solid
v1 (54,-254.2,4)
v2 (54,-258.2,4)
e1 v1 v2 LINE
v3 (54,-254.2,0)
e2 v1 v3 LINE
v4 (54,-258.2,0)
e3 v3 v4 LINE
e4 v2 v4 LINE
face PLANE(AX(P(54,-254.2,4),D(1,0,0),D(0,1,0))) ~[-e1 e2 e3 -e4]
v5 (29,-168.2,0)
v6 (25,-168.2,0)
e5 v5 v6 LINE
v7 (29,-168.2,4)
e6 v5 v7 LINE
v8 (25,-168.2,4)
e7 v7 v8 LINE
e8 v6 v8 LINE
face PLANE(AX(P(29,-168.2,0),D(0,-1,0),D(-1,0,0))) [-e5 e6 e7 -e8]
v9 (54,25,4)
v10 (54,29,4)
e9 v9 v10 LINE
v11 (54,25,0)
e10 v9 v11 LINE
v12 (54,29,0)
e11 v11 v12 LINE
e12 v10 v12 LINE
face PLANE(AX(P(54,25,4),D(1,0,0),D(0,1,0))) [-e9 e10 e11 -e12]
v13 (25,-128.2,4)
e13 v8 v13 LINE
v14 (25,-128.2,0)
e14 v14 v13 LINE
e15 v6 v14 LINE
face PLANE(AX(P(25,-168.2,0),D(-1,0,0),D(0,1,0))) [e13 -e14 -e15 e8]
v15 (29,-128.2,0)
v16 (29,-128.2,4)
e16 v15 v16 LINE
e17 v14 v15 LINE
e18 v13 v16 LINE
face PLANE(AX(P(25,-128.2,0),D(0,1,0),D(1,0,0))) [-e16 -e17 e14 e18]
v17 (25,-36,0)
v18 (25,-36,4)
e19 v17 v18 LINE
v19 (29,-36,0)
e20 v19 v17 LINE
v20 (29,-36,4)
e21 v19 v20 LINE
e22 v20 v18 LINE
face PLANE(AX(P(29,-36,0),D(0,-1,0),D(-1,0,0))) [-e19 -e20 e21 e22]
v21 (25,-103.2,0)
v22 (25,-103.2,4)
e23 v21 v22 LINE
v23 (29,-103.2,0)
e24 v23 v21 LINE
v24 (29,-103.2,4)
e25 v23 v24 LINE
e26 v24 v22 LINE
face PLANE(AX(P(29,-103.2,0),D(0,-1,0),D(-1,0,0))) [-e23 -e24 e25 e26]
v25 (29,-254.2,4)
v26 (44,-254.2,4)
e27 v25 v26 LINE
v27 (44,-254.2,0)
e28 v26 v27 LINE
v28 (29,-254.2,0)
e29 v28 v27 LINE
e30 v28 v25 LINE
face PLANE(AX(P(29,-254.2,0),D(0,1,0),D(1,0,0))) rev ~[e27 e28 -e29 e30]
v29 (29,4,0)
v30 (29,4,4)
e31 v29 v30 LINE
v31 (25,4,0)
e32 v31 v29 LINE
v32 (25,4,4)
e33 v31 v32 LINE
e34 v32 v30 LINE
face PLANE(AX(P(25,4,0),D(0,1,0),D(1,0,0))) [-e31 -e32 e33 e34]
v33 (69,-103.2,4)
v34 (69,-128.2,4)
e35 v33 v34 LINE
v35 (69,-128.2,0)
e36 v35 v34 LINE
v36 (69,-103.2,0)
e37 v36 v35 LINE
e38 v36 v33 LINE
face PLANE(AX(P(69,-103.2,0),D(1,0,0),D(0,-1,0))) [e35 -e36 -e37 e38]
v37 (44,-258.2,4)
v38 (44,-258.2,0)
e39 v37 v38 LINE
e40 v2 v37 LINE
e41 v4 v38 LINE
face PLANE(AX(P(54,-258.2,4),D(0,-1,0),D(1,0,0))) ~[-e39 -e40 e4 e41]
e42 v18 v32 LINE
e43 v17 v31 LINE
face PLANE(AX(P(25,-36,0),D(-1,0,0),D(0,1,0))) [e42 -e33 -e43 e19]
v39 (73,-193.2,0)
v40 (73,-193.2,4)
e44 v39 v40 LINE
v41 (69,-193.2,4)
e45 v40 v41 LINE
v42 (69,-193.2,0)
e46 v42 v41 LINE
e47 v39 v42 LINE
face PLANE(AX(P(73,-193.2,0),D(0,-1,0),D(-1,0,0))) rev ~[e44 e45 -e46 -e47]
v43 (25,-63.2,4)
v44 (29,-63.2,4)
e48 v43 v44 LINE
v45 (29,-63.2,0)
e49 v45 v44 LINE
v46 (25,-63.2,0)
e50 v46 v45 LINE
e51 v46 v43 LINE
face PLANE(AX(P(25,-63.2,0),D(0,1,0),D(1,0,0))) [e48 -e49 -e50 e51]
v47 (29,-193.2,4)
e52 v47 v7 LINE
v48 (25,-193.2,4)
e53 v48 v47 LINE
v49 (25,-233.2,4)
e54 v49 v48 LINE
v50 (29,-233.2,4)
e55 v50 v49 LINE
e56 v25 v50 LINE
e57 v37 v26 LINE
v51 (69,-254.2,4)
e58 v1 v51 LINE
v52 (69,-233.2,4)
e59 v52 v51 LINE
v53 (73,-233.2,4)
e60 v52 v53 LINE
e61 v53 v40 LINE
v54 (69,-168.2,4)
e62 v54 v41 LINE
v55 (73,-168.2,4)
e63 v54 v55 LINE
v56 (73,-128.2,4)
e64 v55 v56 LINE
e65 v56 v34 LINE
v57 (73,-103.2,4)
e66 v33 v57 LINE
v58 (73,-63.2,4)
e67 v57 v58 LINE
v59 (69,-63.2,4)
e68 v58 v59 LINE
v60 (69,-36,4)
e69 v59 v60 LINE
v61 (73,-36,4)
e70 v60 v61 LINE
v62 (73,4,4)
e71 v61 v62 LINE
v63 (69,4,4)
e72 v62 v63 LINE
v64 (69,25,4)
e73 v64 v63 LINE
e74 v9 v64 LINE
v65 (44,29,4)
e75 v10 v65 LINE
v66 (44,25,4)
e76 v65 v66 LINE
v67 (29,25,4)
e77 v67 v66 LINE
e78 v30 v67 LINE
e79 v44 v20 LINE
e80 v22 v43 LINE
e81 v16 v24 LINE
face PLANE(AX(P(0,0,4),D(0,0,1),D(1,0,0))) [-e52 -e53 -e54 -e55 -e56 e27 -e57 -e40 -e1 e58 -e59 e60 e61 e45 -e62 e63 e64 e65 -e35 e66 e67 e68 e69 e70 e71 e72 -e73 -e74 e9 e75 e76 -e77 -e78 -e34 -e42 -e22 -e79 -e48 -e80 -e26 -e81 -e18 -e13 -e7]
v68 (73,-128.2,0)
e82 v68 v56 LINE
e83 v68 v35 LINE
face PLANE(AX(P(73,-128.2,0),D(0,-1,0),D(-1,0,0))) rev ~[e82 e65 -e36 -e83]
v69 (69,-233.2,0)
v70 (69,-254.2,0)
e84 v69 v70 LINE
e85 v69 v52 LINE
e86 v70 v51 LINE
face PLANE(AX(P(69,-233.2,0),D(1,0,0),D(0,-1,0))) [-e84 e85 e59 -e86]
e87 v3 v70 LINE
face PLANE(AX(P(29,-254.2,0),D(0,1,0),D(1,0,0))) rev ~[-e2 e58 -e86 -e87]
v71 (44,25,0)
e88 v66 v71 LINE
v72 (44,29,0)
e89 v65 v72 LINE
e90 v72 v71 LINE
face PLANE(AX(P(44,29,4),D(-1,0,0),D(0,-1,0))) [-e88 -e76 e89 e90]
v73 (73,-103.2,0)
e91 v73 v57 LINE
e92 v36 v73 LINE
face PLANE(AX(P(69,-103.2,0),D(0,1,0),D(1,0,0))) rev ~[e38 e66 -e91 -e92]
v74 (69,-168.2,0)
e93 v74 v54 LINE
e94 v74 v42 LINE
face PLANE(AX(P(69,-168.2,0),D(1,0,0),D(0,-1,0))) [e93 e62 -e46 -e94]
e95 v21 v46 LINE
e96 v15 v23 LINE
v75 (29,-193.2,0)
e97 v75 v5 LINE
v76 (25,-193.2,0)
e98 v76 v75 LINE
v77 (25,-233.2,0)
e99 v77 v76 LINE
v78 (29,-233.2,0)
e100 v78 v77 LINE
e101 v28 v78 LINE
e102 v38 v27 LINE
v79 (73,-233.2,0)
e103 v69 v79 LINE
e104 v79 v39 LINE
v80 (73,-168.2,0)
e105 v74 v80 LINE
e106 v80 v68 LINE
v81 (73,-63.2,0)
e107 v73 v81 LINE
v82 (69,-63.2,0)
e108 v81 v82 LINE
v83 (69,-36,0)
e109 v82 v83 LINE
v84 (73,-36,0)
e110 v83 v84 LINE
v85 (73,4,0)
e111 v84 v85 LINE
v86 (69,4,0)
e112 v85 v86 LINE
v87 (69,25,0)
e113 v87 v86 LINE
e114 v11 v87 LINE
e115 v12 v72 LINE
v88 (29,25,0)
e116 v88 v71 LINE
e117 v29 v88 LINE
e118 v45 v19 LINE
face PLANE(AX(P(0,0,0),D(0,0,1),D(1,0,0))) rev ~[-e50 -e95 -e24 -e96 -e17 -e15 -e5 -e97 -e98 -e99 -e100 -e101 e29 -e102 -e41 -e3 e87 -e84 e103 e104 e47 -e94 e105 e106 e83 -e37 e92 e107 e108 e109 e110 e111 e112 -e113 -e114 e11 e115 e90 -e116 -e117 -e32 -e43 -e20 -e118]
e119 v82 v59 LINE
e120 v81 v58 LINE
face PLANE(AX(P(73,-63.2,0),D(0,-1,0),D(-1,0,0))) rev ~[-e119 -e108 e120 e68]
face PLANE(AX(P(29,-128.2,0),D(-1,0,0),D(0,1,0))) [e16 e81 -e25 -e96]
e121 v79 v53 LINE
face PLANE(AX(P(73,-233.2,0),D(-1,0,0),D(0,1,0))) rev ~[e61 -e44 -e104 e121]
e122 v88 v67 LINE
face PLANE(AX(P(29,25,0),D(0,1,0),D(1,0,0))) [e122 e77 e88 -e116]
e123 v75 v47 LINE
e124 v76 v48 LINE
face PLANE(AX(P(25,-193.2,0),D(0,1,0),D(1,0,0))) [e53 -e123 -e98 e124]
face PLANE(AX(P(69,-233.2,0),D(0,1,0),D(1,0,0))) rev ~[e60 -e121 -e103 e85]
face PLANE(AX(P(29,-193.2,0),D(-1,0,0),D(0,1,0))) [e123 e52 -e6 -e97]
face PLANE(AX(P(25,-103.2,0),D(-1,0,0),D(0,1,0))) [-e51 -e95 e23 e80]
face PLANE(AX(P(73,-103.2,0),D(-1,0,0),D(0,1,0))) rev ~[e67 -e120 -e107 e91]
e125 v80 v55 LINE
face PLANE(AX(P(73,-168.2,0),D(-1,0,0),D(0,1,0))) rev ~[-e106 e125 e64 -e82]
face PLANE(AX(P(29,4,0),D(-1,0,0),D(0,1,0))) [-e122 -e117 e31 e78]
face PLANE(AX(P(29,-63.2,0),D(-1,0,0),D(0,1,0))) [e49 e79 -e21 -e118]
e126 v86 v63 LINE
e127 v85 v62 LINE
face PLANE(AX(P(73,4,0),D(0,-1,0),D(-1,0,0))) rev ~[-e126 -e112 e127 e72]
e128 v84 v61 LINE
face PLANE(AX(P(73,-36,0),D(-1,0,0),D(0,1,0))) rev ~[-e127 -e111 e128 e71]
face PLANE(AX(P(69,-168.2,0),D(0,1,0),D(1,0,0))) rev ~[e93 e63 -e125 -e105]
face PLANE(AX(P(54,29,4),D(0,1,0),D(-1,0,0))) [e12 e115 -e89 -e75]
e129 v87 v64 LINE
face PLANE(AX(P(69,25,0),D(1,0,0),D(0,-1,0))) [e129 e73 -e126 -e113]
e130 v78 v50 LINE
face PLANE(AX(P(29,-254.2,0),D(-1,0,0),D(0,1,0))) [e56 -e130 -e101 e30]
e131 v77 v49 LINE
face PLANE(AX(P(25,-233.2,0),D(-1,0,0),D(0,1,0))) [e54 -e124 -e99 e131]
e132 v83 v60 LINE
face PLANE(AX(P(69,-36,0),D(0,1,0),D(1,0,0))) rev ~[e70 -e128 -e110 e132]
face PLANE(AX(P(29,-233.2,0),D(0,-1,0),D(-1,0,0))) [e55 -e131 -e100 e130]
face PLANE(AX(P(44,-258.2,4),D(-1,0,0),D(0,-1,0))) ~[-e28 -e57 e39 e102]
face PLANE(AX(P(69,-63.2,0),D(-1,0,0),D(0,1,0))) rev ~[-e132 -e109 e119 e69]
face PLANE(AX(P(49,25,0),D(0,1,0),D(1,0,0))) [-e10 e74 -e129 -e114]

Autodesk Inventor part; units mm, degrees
ref_plane "YZ Plane" through (0, 0, 0) normal (1, 0, 0) x (0, 1, 0)
ref_plane "XZ Plane" through (0, 0, 0) normal (0, 1, 0) x (-1, 0, 0)
sketch "Sketch1" plane through (0, 0, 0) normal (0, 0, 1) x (1, 0, 0)
  line L0 (29, -258.2) -> (29, -233.2)
  line L1 (29, -233.2) -> (25, -233.2)
  line L2 (25, -233.2) -> (25, -193.2)
  line L3 (25, -193.2) -> (29, -193.2)
  line L4 (29, -193.2) -> (29, -168.2)
  line L5 (29, -168.2) -> (25, -168.2)
  line L6 (25, -168.2) -> (25, -128.2)
  line L7 (25, -128.2) -> (29, -128.2)
  line L8 (29, -128.2) -> (29, -103.2)
  line L9 (29, -103.2) -> (25, -103.2)
  line L10 (25, -103.2) -> (25, -63.2)
  line L11 (25, -63.2) -> (29, -63.2)
  line L12 (29, -63.2) -> (29, -36)
  line L13 (29, -36) -> (25, -36)
  line L14 (25, -36) -> (25, 4)
  line L15 (25, 4) -> (29, 4)
  line L16 (29, 4) -> (29, 29)
  line L17 (29, 29) -> (29, 25)
  line L18 (29, 25) -> (69, 25)
  line L19 (29, -258.2) -> (29, -254.2)
  line L20 (29, -254.2) -> (69, -254.2)
  line L21 (49, 25) -> (49, 50.1757)
  line L22 (69, -63.2) -> (69, -36)
  line L23 (73, -36) -> (73, 4)
  line L24 (69, -36) -> (73, -36)
  line L25 (73, 4) -> (69, 4)
  line L26 (73, -233.2) -> (73, -193.2)
  line L27 (73, -193.2) -> (69, -193.2)
  line L28 (69, -233.2) -> (73, -233.2)
  line L29 (69, -168.2) -> (73, -168.2)
  line L30 (73, -168.2) -> (73, -128.2)
  line L31 (73, -63.2) -> (69, -63.2)
  line L32 (69, -103.2) -> (73, -103.2)
  line L33 (73, -128.2) -> (69, -128.2)
  line L34 (73, -103.2) -> (73, -63.2)
  line L35 (69, 25) -> (69, 4)
  line L36 (69, -36) -> (69, -63.2)
  line L37 (69, -103.2) -> (69, -128.2)
  line L38 (69, -168.2) -> (69, -193.2)
  line L39 (69, -233.2) -> (69, -254.2)
  point P0 (0, 0)
  dimension "d1" = 40
  dimension "d2" = 4
  dimension "d3" = 40
  dimension "d4" = 40
  dimension "d5" = 40
  dimension "d6" = 40
  dimension "d7" = 279.2
extrude "Extrusion1" add sketch "Sketch1" along normal blind 4
sketch "Sketch2" plane through (0, 0, 4) normal (0, 0, 1) x (1, 0, 0)
  line L0 (25, -63.2) -> (25, -103.2) projected
  line L1 (25, -103.2) -> (29, -103.2) projected
  line L2 (29, -103.2) -> (29, -128.2) projected
  line L3 (29, -128.2) -> (25, -128.2) projected
  line L4 (25, -128.2) -> (25, -168.2) projected
  line L5 (25, -168.2) -> (29, -168.2) projected
  line L6 (29, -168.2) -> (29, -193.2) projected
  line L7 (29, -193.2) -> (25, -193.2) projected
  line L8 (25, -193.2) -> (25, -233.2) projected
  line L9 (25, -233.2) -> (29, -233.2) projected
  line L10 (29, -233.2) -> (29, -254.2) projected
  line L11 (29, -254.2) -> (69, -254.2) projected
  line L12 (69, -254.2) -> (69, -233.2) projected
  line L13 (69, -233.2) -> (73, -233.2) projected
  line L14 (73, -233.2) -> (73, -193.2) projected
  line L15 (73, -193.2) -> (69, -193.2) projected
  line L16 (69, -193.2) -> (69, -168.2) projected
  line L17 (69, -168.2) -> (73, -168.2) projected
  line L18 (73, -168.2) -> (73, -128.2) projected
  line L19 (73, -128.2) -> (69, -128.2) projected
  line L20 (69, -128.2) -> (69, -103.2) projected
  line L21 (69, -103.2) -> (73, -103.2) projected
  line L22 (73, -103.2) -> (73, -63.2) projected
  line L23 (73, -63.2) -> (69, -63.2) projected
  line L24 (69, -63.2) -> (69, -36) projected
  line L25 (69, -36) -> (73, -36) projected
  line L26 (73, -36) -> (73, 4) projected
  line L27 (73, 4) -> (69, 4) projected
  line L28 (69, 4) -> (69, 25) projected
  line L29 (69, 25) -> (29, 25) projected
  line L30 (29, 25) -> (29, 4) projected
  line L31 (29, 4) -> (25, 4) projected
  line L32 (25, 4) -> (25, -36) projected
  line L33 (25, -36) -> (29, -36) projected
  line L34 (29, -36) -> (29, -63.2) projected
  line L35 (29, -63.2) -> (25, -63.2) projected
  line L36 (44, 25) -> (54, 25)
  line L37 (54, 25) -> (54, 29)
  line L38 (54, 29) -> (44, 29)
  line L39 (44, 29) -> (44, 25)
  point P0 (0, 0)
  point P1 (49, 25)
  dimension "d10" = 10
  dimension "d11" = 4
extrude "Extrusion2" add sketch "Sketch2" against normal blind 4 contours L39 L38 L37 L29
ref_plane "Work Plane1" through (29, -114.6, 0) normal (0, -1, 0) x (1, 0, 0)
mirror "Mirror1" about plane through (29, -114.6, 0) normal (0, -1, 0) of "Extrusion2"
equation "\"d3\" = D"
equation "\"d4\" = D"
equation "\"d5\" = D"
equation "\"d6\" = D"
equation "\"d10\" = B"
equation "\"D\" = 40"
equation "\"B\" = 10"
properties part number "F3"
